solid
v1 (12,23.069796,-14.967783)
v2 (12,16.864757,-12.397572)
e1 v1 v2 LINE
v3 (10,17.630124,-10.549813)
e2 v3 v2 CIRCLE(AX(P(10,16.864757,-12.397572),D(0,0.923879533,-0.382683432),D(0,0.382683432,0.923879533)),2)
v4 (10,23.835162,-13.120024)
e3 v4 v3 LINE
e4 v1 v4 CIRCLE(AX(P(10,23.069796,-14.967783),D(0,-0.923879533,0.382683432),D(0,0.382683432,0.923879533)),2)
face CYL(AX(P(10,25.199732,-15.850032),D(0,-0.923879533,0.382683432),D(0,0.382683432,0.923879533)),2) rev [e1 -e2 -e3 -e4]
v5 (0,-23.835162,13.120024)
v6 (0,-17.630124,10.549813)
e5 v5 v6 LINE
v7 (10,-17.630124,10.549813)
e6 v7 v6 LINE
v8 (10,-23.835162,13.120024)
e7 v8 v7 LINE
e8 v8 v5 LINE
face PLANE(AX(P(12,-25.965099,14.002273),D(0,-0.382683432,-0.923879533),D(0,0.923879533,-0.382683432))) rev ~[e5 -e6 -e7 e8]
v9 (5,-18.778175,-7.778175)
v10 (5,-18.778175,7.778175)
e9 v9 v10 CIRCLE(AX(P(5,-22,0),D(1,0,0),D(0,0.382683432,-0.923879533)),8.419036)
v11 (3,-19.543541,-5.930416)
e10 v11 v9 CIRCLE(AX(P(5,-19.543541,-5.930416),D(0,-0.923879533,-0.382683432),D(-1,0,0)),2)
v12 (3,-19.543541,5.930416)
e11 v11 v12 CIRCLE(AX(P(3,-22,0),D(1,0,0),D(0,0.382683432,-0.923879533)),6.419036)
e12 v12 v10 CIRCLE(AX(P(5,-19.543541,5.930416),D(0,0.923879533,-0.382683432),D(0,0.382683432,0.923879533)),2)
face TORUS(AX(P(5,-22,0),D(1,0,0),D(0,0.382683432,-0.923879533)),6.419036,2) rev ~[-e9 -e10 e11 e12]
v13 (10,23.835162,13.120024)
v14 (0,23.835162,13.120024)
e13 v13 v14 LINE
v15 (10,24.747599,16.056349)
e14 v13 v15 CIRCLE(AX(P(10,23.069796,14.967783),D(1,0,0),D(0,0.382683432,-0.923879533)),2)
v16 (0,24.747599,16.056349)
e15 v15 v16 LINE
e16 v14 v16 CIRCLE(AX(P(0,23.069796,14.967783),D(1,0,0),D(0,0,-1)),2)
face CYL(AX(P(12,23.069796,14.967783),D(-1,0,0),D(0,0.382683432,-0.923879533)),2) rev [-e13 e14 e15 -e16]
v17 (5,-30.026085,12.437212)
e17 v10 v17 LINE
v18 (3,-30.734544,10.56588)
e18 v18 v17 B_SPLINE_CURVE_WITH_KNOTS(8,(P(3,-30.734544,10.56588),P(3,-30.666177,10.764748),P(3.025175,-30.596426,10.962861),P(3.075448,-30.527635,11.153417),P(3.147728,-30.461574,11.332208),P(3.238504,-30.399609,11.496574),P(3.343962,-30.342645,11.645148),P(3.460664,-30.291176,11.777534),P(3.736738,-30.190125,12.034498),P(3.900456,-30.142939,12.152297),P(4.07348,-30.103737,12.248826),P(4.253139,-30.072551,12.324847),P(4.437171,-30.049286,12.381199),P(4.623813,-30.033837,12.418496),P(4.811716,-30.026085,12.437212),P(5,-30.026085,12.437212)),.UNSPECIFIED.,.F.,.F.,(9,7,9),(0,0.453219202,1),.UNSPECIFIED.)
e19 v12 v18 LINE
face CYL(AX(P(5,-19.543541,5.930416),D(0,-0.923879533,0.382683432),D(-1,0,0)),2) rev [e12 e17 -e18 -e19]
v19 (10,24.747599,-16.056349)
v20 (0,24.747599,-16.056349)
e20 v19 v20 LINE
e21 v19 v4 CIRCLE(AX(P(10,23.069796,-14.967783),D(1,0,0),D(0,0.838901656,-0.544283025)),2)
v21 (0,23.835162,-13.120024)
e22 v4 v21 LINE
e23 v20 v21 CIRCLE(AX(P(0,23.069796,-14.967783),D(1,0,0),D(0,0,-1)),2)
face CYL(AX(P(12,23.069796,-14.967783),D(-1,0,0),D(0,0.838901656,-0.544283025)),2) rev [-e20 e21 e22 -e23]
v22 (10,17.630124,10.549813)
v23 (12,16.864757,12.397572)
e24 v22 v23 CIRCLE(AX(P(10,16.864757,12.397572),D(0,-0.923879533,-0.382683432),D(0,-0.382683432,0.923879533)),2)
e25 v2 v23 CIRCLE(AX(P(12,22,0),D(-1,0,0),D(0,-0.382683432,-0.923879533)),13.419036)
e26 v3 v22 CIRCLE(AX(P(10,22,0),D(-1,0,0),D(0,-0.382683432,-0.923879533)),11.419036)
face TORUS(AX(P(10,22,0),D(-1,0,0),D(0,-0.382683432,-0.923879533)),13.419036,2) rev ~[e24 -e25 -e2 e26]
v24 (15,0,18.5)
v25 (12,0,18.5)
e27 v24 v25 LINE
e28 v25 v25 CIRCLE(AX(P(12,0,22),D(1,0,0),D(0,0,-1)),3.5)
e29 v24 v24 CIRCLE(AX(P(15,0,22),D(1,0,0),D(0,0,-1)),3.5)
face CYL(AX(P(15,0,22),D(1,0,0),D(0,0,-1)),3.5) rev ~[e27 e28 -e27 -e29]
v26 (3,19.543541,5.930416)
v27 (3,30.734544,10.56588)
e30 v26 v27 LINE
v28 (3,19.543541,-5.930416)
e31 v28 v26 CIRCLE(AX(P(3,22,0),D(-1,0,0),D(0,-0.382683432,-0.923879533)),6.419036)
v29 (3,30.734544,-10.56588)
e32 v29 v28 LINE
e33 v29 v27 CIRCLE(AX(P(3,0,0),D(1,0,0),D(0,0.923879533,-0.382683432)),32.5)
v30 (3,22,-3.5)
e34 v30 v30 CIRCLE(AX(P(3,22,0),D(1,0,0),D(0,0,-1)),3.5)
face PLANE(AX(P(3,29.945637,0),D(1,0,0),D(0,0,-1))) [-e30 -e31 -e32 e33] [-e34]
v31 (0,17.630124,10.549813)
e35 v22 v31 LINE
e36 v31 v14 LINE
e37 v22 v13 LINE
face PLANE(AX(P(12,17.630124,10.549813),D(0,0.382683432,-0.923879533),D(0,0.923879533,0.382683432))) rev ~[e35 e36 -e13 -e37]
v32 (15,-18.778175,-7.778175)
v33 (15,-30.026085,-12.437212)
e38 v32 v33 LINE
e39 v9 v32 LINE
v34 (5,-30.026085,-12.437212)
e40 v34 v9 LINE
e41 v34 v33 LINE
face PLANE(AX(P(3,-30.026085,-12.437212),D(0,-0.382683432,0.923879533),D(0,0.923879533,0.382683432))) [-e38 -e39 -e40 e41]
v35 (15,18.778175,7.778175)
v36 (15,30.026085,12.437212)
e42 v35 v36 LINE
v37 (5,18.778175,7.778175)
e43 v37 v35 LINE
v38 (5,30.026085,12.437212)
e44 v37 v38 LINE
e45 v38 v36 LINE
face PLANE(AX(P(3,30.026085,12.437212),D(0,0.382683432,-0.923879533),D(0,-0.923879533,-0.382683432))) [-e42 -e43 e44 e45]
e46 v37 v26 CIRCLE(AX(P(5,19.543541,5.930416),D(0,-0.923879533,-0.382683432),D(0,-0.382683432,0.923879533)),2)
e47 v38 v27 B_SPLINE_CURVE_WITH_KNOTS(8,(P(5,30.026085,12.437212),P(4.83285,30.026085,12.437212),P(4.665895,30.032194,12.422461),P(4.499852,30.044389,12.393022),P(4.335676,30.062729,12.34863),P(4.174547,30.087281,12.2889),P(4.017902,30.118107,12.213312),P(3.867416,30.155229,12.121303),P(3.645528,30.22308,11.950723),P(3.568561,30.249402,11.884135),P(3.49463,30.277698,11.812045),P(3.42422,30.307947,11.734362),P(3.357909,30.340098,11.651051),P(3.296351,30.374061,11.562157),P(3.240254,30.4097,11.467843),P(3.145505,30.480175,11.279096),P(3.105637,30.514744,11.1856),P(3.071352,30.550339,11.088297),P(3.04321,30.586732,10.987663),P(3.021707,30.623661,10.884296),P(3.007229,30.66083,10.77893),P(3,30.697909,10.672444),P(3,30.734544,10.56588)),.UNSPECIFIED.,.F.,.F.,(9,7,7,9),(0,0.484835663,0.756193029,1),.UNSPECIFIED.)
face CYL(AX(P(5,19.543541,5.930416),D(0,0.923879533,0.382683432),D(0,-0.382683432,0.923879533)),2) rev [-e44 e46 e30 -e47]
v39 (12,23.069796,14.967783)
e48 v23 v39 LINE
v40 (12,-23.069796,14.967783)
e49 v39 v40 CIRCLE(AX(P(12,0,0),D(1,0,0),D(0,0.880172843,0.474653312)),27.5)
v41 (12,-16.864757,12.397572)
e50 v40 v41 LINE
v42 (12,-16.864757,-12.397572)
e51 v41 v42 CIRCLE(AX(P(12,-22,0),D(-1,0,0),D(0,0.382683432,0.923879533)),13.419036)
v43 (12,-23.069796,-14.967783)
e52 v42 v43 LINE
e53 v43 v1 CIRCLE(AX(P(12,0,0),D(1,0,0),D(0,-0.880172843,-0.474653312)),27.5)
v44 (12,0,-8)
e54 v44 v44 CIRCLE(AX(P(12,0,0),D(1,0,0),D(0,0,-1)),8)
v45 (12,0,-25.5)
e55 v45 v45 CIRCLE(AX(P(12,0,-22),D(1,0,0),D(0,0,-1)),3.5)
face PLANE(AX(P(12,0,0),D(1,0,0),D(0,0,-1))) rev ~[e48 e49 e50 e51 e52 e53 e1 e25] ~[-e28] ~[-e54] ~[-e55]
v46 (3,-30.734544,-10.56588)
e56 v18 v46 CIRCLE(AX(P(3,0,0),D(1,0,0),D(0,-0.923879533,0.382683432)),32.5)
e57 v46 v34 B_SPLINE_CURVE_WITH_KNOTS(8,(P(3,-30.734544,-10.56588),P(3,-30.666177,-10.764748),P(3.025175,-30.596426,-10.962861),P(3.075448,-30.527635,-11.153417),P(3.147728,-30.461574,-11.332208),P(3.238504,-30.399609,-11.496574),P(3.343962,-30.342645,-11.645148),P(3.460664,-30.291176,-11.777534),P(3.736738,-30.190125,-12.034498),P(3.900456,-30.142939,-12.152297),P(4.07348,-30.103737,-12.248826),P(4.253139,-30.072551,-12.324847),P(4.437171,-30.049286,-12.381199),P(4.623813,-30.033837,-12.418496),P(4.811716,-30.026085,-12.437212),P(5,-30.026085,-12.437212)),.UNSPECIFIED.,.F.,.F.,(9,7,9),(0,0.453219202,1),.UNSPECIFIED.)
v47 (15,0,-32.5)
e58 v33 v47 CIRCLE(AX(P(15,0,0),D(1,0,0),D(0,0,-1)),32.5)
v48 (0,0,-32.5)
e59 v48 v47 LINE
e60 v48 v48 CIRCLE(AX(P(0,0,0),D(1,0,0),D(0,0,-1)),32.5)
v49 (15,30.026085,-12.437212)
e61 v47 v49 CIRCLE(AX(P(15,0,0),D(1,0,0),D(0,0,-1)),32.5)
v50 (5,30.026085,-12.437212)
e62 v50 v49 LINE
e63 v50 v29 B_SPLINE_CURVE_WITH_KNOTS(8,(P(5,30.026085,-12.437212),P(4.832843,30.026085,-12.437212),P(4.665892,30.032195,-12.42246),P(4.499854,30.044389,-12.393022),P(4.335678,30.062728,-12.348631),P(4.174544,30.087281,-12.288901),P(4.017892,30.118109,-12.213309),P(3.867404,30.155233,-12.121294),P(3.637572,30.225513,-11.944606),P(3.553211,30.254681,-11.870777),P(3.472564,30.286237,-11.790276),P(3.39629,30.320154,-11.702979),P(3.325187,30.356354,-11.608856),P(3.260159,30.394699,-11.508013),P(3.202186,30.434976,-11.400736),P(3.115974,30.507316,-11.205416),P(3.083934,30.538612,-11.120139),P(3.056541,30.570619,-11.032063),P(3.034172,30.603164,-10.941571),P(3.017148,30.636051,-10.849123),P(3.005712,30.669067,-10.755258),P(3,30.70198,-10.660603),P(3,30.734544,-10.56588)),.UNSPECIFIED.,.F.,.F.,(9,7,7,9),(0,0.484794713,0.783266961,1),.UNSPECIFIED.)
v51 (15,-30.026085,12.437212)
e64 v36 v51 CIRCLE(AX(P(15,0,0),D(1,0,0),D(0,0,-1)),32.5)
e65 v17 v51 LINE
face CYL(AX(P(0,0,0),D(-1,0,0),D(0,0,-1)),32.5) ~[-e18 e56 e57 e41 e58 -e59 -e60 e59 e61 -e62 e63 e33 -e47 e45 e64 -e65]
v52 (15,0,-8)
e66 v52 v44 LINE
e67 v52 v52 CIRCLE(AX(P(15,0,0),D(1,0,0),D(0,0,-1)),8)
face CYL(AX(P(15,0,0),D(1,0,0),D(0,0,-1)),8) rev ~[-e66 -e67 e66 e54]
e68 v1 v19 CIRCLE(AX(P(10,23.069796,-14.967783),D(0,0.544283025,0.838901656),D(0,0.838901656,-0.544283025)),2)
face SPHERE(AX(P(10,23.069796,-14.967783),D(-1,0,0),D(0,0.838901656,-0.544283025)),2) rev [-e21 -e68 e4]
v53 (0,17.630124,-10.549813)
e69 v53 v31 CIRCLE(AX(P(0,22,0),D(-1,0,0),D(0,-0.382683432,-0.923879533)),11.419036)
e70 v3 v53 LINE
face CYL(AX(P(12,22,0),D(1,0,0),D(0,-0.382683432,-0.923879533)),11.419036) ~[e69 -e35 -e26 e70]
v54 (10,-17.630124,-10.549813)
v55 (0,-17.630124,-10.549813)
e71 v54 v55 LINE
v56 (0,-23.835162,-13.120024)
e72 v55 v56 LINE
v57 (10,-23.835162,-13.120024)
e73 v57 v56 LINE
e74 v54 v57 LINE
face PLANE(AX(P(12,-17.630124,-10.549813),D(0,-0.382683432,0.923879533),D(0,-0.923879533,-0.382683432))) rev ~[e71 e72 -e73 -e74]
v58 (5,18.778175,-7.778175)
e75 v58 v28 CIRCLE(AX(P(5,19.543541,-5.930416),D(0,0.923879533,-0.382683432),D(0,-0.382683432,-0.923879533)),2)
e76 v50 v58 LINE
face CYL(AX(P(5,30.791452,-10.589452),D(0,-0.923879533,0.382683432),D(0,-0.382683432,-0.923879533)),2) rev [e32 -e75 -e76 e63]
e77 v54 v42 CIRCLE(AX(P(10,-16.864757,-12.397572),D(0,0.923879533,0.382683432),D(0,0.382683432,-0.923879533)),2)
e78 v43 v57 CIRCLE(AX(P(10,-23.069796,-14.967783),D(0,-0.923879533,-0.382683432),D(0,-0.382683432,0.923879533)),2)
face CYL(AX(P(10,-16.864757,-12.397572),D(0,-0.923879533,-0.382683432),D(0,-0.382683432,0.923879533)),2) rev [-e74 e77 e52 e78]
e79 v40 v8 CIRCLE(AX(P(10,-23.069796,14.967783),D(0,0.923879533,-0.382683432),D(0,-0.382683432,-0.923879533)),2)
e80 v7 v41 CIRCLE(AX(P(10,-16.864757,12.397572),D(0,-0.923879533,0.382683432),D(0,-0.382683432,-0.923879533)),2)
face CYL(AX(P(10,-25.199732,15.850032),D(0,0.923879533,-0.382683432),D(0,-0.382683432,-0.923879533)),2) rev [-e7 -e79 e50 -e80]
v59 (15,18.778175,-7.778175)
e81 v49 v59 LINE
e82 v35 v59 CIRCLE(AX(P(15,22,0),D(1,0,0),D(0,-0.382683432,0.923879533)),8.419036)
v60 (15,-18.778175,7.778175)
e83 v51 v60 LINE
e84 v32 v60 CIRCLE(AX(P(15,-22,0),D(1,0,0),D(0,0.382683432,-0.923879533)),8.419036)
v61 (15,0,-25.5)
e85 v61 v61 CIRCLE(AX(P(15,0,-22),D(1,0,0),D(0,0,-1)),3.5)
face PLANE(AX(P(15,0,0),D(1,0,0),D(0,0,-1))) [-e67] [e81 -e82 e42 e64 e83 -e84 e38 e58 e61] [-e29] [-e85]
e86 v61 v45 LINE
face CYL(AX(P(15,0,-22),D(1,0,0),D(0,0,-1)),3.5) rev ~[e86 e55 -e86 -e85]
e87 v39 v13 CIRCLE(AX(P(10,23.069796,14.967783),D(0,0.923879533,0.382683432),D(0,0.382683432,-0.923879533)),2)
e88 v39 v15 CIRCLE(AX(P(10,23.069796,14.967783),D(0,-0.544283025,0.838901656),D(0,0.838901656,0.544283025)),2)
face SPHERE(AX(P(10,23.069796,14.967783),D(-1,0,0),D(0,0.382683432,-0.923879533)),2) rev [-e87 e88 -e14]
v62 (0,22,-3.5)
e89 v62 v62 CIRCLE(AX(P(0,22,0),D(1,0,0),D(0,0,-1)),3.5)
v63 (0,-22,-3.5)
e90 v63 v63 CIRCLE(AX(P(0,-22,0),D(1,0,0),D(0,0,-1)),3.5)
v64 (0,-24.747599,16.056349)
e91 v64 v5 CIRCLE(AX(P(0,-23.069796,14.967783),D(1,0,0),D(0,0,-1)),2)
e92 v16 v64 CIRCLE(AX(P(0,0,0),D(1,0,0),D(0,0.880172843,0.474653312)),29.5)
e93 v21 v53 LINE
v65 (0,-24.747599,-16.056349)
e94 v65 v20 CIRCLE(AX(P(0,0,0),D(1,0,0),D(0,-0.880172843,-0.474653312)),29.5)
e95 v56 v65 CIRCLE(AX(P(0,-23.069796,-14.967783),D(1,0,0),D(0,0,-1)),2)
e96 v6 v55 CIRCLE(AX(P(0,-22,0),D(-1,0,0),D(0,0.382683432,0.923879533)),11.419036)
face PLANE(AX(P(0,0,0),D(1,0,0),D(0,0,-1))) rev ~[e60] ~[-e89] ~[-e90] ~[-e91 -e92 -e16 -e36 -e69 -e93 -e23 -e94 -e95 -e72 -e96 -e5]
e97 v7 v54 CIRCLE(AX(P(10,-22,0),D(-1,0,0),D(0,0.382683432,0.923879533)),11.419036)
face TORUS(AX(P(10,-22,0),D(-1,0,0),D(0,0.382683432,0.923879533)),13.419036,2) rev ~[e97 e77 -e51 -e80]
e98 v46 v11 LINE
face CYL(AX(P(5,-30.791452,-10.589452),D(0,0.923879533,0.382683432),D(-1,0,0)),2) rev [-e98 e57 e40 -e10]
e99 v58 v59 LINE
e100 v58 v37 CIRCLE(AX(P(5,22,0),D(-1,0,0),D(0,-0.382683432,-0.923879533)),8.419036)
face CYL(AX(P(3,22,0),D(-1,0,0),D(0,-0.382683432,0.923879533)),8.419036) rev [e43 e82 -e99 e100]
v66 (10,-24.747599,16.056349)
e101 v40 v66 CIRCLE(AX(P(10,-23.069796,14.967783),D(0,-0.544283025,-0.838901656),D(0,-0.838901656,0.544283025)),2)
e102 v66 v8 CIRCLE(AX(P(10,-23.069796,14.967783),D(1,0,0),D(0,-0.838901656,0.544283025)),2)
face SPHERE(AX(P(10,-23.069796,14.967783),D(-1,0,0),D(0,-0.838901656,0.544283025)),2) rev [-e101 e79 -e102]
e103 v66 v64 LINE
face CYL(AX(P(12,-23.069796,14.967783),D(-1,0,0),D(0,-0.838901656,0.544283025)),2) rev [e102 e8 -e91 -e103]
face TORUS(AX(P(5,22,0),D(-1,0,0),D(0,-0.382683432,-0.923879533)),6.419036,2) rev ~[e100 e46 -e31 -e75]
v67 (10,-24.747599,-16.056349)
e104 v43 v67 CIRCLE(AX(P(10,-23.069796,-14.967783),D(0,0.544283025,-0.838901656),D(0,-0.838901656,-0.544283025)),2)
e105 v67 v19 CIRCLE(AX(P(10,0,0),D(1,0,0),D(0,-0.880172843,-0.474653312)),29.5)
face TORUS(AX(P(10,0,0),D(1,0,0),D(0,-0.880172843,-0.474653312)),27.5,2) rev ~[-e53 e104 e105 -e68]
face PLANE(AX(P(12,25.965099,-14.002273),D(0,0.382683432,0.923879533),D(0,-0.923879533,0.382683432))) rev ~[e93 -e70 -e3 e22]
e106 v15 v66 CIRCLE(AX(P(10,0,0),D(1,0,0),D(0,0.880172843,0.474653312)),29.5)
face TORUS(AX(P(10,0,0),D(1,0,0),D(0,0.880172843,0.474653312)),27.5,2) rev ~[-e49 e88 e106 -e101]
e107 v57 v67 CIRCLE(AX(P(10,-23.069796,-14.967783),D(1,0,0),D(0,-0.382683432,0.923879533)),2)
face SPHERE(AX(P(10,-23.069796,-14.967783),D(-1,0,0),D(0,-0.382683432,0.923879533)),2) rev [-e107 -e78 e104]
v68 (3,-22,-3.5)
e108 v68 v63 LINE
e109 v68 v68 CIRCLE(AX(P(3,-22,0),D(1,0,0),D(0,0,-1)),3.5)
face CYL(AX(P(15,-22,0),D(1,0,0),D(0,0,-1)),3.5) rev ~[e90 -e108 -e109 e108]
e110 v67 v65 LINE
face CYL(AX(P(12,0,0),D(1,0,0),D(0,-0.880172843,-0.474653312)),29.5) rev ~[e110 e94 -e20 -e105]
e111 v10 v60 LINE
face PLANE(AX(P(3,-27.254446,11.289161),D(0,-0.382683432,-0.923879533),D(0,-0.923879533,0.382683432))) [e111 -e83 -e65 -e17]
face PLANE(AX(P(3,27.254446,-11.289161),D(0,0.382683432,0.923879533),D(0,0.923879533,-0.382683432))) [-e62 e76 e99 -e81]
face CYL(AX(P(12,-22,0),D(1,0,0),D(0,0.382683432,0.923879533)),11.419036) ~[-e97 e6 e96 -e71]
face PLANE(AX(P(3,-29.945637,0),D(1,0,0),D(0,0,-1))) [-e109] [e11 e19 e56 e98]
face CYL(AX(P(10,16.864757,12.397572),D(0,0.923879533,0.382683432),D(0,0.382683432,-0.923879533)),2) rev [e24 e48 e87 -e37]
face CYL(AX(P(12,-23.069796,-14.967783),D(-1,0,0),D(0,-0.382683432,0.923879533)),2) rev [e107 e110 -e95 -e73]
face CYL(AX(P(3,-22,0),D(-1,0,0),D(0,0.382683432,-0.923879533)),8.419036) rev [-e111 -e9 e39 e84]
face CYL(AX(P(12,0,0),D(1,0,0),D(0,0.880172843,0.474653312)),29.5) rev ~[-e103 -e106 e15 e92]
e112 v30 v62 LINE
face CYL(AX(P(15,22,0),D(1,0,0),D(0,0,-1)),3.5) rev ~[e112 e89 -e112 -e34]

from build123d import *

# Parameters (mm, degrees)
SKETCH1_R           = 32.5
BOSS_EXTRUDE1_DEPTH = 15
CUT_EXTRUDE1_START  = -12
SKETCH2_R           = 3.4999999999999996
CUT_EXTRUDE1_DEPTH  = 12
SKETCH2_3_R         = 3.4999999999999996
SKETCH2_3_R_2       = 3.5
SKETCH2_3_R_3       = 8
CUT_EXTRUDE2_DEPTH  = 49.34769901453429
CUT_EXTRUDE3_START  = -3
SKETCH2_4_R         = 3.5
SKETCH2_4_R_2       = 8
CUT_EXTRUDE3_DEPTH  = 12
FILLET1_R           = 2
FILLET2_R           = 2


with BuildPart() as part:
    # Sketch1 → Boss-Extrude1 (new body)
    with BuildSketch(Plane(origin=(0, 0, 0), x_dir=(0, 0, -1), z_dir=(1, 0, 0))):
        Circle(SKETCH1_R)
    extrude(amount=BOSS_EXTRUDE1_DEPTH)

    # Sketch2 → Cut-Extrude1 (cut)
    # profile 1 of 4: a face of its own
    with BuildSketch(Plane(origin=(15, 0, 0), x_dir=(0, 0, -1), z_dir=(1, 0, 0)).offset(CUT_EXTRUDE1_START)):
        with BuildLine():
            ThreePointArc((12.437211551865326, 30.026084806616858), (1.99e-15, 32.5), (-12.43721155186533, 30.026084806616854))
            Line((-12.437211551865326, 30.02608480661686), (-11.289161254770068, 27.254446209083))
            ThreePointArc((-11.289161254770706, 27.254446209082737), (-1.129e-14, 29.500000000000007), (11.28916125477069, 27.254446209082744))
            Line((11.289161254770068, 27.254446209083), (12.437211551865326, 30.02608480661686))
        make_face()
    # profile 2 of 4: a face of its own
    with BuildSketch(Plane(origin=(15, 0, 0), x_dir=(0, 0, -1), z_dir=(1, 0, 0)).offset(CUT_EXTRUDE1_START)):
        with BuildLine():
            ThreePointArc((11.28916125477069, 27.254446209082744), (-1.129e-14, 29.500000000000007), (-11.289161254770706, 27.254446209082737))
            Line((-11.289161254770068, 27.254446209083), (-7.778174593051978, 18.778174593052064))
            ThreePointArc((-7.778174593051979, 18.778174593052064), (4.4e-16, 13.580964487968082), (7.778174593051979, 18.778174593052064))
            Line((7.778174593051979, 18.778174593052064), (11.289161254770068, 27.254446209083))
        make_face()
        with Locations((0, 22)):
            Circle(SKETCH2_R, mode=Mode.SUBTRACT)
    # profile 3 of 4: a face of its own
    with BuildSketch(Plane(origin=(15, 0, 0), x_dir=(0, 0, -1), z_dir=(1, 0, 0)).offset(CUT_EXTRUDE1_START)):
        with BuildLine():
            Line((-7.778174593051979, -18.778174593052064), (-11.289161254770068, -27.254446209083))
            ThreePointArc((-11.2891612547707, -27.25444620908274), (-5.42e-15, -29.500000000000007), (11.28916125477069, -27.254446209082744))
            Line((11.289161254770068, -27.254446209083), (7.778174593051979, -18.778174593052064))
            ThreePointArc((7.778174593051979, -18.778174593052064), (4.4e-16, -13.580964487968082), (-7.778174593051979, -18.778174593052064))
        make_face()
        with Locations((-1.5363e-13, -22)):
            Circle(SKETCH2_R, mode=Mode.SUBTRACT)
    # profile 4 of 4: a face of its own
    with BuildSketch(Plane(origin=(15, 0, 0), x_dir=(0, 0, -1), z_dir=(1, 0, 0)).offset(CUT_EXTRUDE1_START)):
        with BuildLine():
            Line((-11.289161254770068, -27.254446209083), (-12.437211551865326, -30.02608480661686))
            ThreePointArc((-12.43721155186533, -30.026084806616854), (-5.97e-15, -32.5), (12.43721155186532, -30.02608480661686))
            Line((12.437211551865326, -30.02608480661686), (11.289161254770068, -27.254446209083))
            ThreePointArc((11.28916125477069, -27.254446209082744), (-5.42e-15, -29.500000000000007), (-11.2891612547707, -27.25444620908274))
        make_face()
    extrude(amount=CUT_EXTRUDE1_DEPTH, mode=Mode.SUBTRACT)

    # Sketch2<3> → Cut-Extrude2 (cut, through all)
    with BuildSketch(Plane(origin=(15, 0, 0), x_dir=(0, 0, -1), z_dir=(1, 0, 0))):
        with Locations((0, 22)):
            Circle(SKETCH2_3_R)
        with Locations((-1.5363e-13, -22)):
            Circle(SKETCH2_3_R)
        with Locations((-21.999999999999996, 2.3044e-13)):
            Circle(SKETCH2_3_R_2)
        with Locations((22, -7.681e-14)):
            Circle(SKETCH2_3_R_2)
        Circle(SKETCH2_3_R_3)
    extrude(amount=-CUT_EXTRUDE2_DEPTH, mode=Mode.SUBTRACT)

    # Sketch2<4> → Cut-Extrude3 (cut)
    with BuildSketch(Plane(origin=(15, 0, 0), x_dir=(0, 0, -1), z_dir=(1, 0, 0)).offset(CUT_EXTRUDE3_START)):
        with BuildLine():
            Line((-10.549813190585843, 17.630124295956804), (-14.002272700359098, 25.96509886799544))
            ThreePointArc((-14.002272700359109, 25.965098867995447), (-29.500000000000007, 3.61e-15), (-14.002272700359114, -25.965098867995444))
            Line((-14.0022727003591, -25.96509886799545), (-10.549813190585835, -17.630124295956804))
            ThreePointArc((-10.549813190585837, -17.630124295956804), (1.78e-15, -10.580964487968227), (10.549813190585844, -17.6301242959568))
            Line((10.549813190585843, -17.6301242959568), (14.0022727003591, -25.96509886799545))
            ThreePointArc((14.002272700359107, -25.965098867995447), (25.33097949804344, -15.119241967430227), (29.500000000000007, -7.23e-15))
            ThreePointArc((29.500000000000007, 0), (25.33097949804344, 15.119241967430227), (14.0022727003591, 25.96509886799545))
            Line((14.002272700359098, 25.96509886799544), (10.549813190585843, 17.630124295956804))
            ThreePointArc((10.549813190585843, 17.6301242959568), (-1.78e-15, 10.58096448796808), (-10.549813190585843, 17.630124295956804))
        make_face()
        with Locations((22, -7.681e-14)):
            Circle(SKETCH2_4_R, mode=Mode.SUBTRACT)
        with Locations((-21.999999999999996, 2.3044e-13)):
            Circle(SKETCH2_4_R, mode=Mode.SUBTRACT)
        Circle(SKETCH2_4_R_2, mode=Mode.SUBTRACT)
    extrude(amount=-CUT_EXTRUDE3_DEPTH, mode=Mode.SUBTRACT)

    # Fillet1
    fillet1_edges = [part.edges().sort_by_distance(p)[0] for p in [
        (6, -25.96509886799545, -14.002272700359104),
        (12, -10.580964487968227, -1.78e-15),
        (6, -25.965098867995447, 14.00227270035911),
        (6, 25.965098867995444, 14.002272700359104),
        (12, 21.79761158197612, 12.27604294547247),
        (12, 10.580964487968078, 3.11e-15),
        (12, 21.79761158197612, -12.27604294547247),
        (6, 25.965098867995444, -14.0022727003591),
        (12, 7.11e-15, 29.5),
        (12, -21.797611581976128, 12.276042945472469),
        (12, -21.797611581976128, -12.276042945472472),
        (12, -3.11e-15, -29.500000000000007),
    ]]
    fillet(fillet1_edges, radius=FILLET1_R)

    # Fillet2
    fillet2_edges = [part.edges().sort_by_distance(p)[0] for p in [
        (3, 24.40212969983446, 10.107693072458654),
        (3, 24.402129699834465, -10.107693072458654),
        (3, 13.580964487968082, -8.9e-16),
        (3, -24.40212969983446, 10.107693072458654),
        (3, -13.580964487968082, 8.9e-16),
        (3, -24.402129699834465, -10.107693072458652),
    ]]
    fillet(fillet2_edges, radius=FILLET2_R)


solid = part.part
